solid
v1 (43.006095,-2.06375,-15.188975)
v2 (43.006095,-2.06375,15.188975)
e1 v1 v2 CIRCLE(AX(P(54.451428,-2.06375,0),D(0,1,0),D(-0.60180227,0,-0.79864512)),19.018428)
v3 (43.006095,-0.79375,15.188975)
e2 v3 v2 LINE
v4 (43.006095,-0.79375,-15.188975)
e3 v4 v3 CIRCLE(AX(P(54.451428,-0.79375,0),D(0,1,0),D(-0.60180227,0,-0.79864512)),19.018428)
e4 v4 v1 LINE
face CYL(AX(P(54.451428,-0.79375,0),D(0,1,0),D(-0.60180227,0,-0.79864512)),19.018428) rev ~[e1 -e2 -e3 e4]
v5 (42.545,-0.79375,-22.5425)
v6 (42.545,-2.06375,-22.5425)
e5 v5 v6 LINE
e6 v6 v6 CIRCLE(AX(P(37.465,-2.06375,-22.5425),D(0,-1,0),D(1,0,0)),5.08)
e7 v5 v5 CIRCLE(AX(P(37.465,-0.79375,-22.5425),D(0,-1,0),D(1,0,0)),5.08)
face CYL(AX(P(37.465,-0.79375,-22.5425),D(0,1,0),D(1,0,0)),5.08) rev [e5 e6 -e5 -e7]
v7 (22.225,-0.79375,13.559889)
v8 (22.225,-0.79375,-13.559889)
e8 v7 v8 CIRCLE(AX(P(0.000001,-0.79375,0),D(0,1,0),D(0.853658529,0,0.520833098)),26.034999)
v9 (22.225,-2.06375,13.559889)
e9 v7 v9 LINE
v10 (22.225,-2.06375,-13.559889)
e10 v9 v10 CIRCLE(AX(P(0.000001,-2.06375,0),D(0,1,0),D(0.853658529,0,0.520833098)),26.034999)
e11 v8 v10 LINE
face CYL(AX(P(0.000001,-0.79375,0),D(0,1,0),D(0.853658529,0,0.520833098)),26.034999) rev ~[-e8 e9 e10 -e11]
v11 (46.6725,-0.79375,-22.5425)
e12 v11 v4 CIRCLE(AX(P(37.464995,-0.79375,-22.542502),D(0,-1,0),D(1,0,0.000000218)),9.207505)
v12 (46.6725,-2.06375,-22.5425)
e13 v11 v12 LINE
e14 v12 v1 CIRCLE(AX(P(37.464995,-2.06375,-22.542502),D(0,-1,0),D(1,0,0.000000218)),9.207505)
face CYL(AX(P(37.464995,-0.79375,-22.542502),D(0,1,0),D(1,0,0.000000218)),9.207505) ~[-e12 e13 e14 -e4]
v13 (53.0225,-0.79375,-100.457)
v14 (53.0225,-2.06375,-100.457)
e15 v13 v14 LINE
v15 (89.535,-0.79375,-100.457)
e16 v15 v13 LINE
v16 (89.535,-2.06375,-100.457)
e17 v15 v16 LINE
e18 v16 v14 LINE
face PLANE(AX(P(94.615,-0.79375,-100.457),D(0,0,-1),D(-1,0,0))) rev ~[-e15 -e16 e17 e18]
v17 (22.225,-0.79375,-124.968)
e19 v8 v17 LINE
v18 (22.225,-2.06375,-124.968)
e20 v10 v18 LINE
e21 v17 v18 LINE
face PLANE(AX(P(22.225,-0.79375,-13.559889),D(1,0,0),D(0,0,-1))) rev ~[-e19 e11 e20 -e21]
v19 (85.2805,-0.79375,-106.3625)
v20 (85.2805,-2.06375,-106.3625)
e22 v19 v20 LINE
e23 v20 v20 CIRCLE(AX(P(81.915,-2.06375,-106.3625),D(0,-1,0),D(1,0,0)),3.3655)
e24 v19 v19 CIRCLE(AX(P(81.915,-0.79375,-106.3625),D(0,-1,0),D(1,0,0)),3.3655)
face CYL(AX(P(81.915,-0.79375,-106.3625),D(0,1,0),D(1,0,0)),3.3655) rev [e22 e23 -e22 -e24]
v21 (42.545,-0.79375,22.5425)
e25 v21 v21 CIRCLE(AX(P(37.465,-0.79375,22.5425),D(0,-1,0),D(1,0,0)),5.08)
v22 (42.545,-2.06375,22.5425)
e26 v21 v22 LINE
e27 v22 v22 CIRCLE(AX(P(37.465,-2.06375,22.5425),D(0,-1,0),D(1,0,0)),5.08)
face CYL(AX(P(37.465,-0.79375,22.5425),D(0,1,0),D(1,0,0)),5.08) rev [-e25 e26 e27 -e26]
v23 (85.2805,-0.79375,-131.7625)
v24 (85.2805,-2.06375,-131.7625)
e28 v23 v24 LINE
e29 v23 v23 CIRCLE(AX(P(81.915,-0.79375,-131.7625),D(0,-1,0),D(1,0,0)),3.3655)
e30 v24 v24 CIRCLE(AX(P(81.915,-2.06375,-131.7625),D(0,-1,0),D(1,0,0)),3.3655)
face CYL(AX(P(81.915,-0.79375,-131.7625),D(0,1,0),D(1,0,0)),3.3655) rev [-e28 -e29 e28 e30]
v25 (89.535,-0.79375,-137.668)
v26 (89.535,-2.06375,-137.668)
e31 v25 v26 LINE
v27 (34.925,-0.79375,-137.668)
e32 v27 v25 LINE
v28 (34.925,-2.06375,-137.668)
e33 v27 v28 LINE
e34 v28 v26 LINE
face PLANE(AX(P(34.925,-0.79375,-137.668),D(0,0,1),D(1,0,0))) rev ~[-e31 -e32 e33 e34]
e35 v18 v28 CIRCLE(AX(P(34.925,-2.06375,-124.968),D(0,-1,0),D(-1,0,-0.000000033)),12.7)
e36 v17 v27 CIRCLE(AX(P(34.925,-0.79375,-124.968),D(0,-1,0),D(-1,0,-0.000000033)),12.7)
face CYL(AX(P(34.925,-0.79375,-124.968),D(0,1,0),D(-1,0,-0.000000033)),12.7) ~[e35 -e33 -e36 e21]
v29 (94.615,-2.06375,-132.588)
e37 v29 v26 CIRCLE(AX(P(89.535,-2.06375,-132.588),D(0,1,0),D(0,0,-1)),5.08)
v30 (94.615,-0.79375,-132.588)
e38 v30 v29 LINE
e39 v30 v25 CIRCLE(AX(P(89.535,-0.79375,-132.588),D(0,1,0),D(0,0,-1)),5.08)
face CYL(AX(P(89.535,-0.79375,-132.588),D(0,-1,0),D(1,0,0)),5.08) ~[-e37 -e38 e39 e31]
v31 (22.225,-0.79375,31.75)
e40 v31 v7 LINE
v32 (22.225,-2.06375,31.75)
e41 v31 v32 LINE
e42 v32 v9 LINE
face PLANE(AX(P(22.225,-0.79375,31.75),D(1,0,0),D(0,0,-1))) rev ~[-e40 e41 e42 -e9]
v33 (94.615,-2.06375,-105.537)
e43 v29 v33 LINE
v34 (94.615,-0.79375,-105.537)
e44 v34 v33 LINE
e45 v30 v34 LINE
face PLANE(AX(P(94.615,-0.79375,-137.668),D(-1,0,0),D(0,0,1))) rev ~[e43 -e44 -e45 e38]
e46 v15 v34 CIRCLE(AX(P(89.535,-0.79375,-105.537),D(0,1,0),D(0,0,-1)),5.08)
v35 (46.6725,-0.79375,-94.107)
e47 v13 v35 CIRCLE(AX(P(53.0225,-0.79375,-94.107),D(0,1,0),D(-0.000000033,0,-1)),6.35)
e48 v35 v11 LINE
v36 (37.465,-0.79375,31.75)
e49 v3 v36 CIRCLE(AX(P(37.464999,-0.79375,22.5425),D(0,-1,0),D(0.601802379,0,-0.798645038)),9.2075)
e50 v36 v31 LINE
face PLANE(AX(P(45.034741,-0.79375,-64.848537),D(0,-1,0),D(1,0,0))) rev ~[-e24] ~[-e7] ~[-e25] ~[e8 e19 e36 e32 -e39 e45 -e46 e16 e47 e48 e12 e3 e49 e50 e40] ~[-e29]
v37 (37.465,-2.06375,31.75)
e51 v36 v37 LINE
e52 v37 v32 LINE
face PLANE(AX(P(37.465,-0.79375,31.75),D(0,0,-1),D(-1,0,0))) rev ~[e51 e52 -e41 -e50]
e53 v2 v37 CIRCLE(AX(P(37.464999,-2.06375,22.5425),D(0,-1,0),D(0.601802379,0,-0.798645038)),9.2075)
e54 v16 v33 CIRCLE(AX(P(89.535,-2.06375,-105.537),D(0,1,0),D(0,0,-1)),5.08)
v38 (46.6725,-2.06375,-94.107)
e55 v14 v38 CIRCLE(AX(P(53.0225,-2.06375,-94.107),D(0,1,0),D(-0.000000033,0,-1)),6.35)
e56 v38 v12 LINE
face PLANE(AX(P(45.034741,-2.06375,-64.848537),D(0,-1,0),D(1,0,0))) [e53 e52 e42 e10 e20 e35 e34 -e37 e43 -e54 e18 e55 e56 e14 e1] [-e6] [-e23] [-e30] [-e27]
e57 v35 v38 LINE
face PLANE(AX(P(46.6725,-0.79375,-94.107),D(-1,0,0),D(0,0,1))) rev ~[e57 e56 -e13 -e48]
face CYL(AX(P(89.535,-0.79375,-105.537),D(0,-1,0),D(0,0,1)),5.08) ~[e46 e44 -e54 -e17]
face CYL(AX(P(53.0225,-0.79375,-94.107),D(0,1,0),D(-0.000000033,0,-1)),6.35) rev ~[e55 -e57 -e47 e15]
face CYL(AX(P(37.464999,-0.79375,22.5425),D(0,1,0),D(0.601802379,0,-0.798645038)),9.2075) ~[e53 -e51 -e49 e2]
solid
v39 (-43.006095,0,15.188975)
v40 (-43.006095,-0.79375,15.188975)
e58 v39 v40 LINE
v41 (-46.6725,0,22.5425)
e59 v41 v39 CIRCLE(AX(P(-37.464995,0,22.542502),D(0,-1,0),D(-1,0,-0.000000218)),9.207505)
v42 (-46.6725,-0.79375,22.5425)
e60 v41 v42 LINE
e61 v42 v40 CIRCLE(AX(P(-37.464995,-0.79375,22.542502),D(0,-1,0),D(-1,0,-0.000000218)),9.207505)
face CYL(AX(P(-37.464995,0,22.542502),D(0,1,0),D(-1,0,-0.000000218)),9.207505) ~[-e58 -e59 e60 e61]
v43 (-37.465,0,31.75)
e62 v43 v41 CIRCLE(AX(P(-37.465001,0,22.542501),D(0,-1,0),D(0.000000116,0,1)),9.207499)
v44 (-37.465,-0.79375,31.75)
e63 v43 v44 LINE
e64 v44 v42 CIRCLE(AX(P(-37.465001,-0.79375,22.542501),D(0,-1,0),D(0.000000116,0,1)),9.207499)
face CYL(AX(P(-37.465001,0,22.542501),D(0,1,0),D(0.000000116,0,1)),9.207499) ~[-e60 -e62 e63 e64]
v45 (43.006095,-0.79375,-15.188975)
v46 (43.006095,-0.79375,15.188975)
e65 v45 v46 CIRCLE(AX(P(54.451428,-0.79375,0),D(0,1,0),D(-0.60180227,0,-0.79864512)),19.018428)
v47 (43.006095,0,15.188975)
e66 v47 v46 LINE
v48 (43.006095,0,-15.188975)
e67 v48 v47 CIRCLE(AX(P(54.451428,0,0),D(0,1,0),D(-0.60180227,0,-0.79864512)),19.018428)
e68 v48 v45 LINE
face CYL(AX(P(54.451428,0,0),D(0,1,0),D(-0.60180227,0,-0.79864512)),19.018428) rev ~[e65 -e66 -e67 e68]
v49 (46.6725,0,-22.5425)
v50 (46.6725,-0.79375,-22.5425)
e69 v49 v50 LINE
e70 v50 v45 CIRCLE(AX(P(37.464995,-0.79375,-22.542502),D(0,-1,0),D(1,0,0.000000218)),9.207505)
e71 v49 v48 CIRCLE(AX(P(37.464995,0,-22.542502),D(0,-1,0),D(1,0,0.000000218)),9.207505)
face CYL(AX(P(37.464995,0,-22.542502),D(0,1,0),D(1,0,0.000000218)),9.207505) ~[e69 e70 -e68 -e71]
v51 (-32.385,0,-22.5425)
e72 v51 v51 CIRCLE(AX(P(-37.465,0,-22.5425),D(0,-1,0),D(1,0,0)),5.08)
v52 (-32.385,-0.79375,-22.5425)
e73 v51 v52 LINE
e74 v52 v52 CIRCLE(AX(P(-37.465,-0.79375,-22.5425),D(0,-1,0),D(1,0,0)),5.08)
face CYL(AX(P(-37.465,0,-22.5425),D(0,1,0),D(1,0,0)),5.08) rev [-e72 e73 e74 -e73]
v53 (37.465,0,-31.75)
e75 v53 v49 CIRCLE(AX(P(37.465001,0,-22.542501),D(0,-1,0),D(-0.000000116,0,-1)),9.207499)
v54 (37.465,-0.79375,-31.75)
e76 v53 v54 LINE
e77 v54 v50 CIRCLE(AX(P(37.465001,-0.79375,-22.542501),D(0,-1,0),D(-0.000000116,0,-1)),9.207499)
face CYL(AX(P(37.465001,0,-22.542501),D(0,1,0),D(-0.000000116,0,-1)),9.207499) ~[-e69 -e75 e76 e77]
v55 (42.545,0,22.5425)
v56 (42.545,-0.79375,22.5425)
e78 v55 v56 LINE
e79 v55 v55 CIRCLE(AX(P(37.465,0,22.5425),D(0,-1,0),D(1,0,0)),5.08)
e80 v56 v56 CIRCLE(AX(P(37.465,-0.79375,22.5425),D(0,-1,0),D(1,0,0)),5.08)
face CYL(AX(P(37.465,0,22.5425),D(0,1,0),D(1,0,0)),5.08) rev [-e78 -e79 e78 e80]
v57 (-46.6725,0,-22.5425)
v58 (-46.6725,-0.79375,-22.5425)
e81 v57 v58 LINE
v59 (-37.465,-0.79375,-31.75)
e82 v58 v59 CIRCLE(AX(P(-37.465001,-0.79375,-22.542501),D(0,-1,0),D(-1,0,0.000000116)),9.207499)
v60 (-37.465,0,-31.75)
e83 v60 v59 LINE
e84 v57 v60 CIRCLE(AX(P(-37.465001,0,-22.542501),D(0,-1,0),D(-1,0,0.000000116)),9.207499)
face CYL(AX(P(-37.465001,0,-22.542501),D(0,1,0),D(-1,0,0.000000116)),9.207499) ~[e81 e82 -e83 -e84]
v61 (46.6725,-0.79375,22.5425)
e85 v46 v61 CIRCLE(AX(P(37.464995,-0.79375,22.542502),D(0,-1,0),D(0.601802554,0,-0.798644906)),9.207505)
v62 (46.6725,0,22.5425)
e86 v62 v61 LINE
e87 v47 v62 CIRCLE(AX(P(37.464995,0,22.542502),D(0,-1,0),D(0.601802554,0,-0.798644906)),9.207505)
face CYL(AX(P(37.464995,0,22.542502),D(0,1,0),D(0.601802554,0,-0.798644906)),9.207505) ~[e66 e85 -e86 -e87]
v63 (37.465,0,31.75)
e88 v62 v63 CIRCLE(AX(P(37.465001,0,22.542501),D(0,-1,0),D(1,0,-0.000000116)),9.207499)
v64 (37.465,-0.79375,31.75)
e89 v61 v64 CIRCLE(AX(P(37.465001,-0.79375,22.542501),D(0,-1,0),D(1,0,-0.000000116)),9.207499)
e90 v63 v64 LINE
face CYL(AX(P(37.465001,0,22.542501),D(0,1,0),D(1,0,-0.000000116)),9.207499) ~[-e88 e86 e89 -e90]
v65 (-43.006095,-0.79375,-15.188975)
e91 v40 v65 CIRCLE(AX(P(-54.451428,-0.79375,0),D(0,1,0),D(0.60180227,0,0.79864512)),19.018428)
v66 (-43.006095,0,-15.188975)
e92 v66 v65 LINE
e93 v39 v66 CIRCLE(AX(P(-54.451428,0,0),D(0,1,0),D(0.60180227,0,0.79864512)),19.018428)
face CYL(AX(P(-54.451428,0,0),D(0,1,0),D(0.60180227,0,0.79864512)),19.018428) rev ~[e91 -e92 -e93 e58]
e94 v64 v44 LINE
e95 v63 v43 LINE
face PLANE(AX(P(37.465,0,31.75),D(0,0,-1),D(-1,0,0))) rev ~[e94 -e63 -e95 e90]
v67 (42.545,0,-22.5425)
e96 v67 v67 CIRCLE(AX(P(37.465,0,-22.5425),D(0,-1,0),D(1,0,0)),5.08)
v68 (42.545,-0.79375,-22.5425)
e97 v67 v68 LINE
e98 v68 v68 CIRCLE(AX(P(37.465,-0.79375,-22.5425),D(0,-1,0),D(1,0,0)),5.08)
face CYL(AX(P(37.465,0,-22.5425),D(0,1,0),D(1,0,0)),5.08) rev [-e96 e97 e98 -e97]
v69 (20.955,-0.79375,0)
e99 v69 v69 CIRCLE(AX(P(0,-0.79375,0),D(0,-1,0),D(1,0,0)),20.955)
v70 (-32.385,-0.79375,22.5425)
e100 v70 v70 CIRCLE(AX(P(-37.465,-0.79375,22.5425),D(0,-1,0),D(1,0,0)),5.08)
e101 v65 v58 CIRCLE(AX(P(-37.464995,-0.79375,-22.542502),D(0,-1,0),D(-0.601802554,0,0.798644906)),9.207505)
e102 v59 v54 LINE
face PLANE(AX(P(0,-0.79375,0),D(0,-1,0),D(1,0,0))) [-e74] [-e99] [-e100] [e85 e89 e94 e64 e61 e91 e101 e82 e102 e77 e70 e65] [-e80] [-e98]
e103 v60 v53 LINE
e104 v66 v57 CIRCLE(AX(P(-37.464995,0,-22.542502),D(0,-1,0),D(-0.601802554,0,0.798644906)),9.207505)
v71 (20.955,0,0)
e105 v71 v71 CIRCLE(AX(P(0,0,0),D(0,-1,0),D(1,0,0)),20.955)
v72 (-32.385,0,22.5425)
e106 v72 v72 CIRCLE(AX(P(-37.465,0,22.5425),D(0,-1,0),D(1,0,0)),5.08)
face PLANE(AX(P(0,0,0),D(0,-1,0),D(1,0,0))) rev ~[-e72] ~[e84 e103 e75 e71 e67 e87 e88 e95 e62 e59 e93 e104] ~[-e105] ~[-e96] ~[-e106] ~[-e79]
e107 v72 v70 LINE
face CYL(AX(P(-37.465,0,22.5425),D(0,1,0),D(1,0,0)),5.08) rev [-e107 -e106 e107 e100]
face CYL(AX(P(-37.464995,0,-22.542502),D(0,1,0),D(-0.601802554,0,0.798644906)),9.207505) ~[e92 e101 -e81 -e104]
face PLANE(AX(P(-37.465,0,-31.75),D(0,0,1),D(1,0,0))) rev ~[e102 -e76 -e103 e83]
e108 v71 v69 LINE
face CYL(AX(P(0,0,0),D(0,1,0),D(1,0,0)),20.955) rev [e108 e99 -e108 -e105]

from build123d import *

# Parameters (mm, degrees)
F0_R     = 5.08
F0_R_2   = 20.955
F1_DEPTH = 0.79375
F2_R     = 3.3655
F2_R_2   = 5.08
F3_DEPTH = 1.27
F4_R     = 5.08


with BuildPart() as f1:
    # F0 (on Front) → F1 (new body)
    with BuildSketch(Plane.XZ):
        with BuildLine():
            Line((37.465, 31.75), (-37.465, 31.75))
            ThreePointArc((-37.465, 31.75), (-43.975686, 29.053186), (-46.6725, 22.5425))
            ThreePointArc((-46.6725, 22.5425), (-45.705075, 18.434068), (-43.006095, 15.188975))
            ThreePointArc((-43.006095, 15.188975), (-35.433, 0), (-43.006095, -15.188975))
            ThreePointArc((-43.006095, -15.188975), (-45.705075, -18.434068), (-46.6725, -22.5425))
            ThreePointArc((-46.6725, -22.5425), (-43.975686, -29.053186), (-37.465, -31.75))
            Line((-37.465, -31.75), (37.465, -31.75))
            ThreePointArc((37.465, -31.75), (43.975686, -29.053186), (46.6725, -22.5425))
            ThreePointArc((46.6725, -22.5425), (45.705075, -18.434068), (43.006095, -15.188975))
            ThreePointArc((43.006095, -15.188975), (35.433, 0), (43.006095, 15.188975))
            ThreePointArc((43.006095, 15.188975), (45.705075, 18.434068), (46.6725, 22.5425))
            ThreePointArc((46.6725, 22.5425), (43.975686, 29.053186), (37.465, 31.75))
        make_face()
        with Locations((-37.465, -22.5425)):
            Circle(F0_R, mode=Mode.SUBTRACT)
        with Locations((37.465, -22.5425)):
            Circle(F0_R, mode=Mode.SUBTRACT)
        Circle(F0_R_2, mode=Mode.SUBTRACT)
        with Locations((-37.465, 22.5425)):
            Circle(F0_R, mode=Mode.SUBTRACT)
        with Locations((37.465, 22.5425)):
            Circle(F0_R, mode=Mode.SUBTRACT)
    extrude(amount=F1_DEPTH)


with BuildPart() as f3:
    # F2 (on face) → F3 (new body)
    with BuildSketch(Plane.XZ.offset(0.79375)):
        with BuildLine():
            ThreePointArc((43.006095, -15.188975), (35.433, 0), (43.006095, 15.188975))
            ThreePointArc((43.006095, 15.188975), (46.196713, 25.464013), (37.465, 31.75))
            Line((37.465, 31.75), (22.225, 31.75))
            Line((22.225, 31.75), (22.225, 13.559889))
            ThreePointArc((22.225, 13.559889), (26.035, 0), (22.225, -13.559889))
            Line((22.225, -13.559889), (22.225, -124.968))
            ThreePointArc((22.225, -124.968), (25.944744, -133.948256), (34.925, -137.668))
            Line((34.925, -137.668), (94.615, -137.668))
            Line((94.615, -137.668), (94.615, -100.457))
            Line((94.615, -100.457), (53.0225, -100.457))
            ThreePointArc((53.0225, -100.457), (48.532372, -98.597128), (46.6725, -94.107))
            Line((46.6725, -94.107), (46.6725, -22.5425))
            ThreePointArc((46.6725, -22.5425), (45.705075, -18.434068), (43.006095, -15.188975))
        make_face()
        with Locations((81.915, -131.7625)):
            Circle(F2_R, mode=Mode.SUBTRACT)
        with Locations((81.915, -106.3625)):
            Circle(F2_R, mode=Mode.SUBTRACT)
        with Locations((37.465, -22.5425)):
            Circle(F2_R_2, mode=Mode.SUBTRACT)
        with Locations((37.465, 22.5425)):
            Circle(F2_R_2, mode=Mode.SUBTRACT)
    extrude(amount=F3_DEPTH)

    # F4
    f4_edges = [f3.edges().sort_by_distance(p)[0] for p in [
        (94.615, -1.42875, -100.457),
        (94.615, -1.42875, -137.668),
    ]]
    fillet(f4_edges, radius=F4_R)


solid = Compound([f1.part, f3.part])
